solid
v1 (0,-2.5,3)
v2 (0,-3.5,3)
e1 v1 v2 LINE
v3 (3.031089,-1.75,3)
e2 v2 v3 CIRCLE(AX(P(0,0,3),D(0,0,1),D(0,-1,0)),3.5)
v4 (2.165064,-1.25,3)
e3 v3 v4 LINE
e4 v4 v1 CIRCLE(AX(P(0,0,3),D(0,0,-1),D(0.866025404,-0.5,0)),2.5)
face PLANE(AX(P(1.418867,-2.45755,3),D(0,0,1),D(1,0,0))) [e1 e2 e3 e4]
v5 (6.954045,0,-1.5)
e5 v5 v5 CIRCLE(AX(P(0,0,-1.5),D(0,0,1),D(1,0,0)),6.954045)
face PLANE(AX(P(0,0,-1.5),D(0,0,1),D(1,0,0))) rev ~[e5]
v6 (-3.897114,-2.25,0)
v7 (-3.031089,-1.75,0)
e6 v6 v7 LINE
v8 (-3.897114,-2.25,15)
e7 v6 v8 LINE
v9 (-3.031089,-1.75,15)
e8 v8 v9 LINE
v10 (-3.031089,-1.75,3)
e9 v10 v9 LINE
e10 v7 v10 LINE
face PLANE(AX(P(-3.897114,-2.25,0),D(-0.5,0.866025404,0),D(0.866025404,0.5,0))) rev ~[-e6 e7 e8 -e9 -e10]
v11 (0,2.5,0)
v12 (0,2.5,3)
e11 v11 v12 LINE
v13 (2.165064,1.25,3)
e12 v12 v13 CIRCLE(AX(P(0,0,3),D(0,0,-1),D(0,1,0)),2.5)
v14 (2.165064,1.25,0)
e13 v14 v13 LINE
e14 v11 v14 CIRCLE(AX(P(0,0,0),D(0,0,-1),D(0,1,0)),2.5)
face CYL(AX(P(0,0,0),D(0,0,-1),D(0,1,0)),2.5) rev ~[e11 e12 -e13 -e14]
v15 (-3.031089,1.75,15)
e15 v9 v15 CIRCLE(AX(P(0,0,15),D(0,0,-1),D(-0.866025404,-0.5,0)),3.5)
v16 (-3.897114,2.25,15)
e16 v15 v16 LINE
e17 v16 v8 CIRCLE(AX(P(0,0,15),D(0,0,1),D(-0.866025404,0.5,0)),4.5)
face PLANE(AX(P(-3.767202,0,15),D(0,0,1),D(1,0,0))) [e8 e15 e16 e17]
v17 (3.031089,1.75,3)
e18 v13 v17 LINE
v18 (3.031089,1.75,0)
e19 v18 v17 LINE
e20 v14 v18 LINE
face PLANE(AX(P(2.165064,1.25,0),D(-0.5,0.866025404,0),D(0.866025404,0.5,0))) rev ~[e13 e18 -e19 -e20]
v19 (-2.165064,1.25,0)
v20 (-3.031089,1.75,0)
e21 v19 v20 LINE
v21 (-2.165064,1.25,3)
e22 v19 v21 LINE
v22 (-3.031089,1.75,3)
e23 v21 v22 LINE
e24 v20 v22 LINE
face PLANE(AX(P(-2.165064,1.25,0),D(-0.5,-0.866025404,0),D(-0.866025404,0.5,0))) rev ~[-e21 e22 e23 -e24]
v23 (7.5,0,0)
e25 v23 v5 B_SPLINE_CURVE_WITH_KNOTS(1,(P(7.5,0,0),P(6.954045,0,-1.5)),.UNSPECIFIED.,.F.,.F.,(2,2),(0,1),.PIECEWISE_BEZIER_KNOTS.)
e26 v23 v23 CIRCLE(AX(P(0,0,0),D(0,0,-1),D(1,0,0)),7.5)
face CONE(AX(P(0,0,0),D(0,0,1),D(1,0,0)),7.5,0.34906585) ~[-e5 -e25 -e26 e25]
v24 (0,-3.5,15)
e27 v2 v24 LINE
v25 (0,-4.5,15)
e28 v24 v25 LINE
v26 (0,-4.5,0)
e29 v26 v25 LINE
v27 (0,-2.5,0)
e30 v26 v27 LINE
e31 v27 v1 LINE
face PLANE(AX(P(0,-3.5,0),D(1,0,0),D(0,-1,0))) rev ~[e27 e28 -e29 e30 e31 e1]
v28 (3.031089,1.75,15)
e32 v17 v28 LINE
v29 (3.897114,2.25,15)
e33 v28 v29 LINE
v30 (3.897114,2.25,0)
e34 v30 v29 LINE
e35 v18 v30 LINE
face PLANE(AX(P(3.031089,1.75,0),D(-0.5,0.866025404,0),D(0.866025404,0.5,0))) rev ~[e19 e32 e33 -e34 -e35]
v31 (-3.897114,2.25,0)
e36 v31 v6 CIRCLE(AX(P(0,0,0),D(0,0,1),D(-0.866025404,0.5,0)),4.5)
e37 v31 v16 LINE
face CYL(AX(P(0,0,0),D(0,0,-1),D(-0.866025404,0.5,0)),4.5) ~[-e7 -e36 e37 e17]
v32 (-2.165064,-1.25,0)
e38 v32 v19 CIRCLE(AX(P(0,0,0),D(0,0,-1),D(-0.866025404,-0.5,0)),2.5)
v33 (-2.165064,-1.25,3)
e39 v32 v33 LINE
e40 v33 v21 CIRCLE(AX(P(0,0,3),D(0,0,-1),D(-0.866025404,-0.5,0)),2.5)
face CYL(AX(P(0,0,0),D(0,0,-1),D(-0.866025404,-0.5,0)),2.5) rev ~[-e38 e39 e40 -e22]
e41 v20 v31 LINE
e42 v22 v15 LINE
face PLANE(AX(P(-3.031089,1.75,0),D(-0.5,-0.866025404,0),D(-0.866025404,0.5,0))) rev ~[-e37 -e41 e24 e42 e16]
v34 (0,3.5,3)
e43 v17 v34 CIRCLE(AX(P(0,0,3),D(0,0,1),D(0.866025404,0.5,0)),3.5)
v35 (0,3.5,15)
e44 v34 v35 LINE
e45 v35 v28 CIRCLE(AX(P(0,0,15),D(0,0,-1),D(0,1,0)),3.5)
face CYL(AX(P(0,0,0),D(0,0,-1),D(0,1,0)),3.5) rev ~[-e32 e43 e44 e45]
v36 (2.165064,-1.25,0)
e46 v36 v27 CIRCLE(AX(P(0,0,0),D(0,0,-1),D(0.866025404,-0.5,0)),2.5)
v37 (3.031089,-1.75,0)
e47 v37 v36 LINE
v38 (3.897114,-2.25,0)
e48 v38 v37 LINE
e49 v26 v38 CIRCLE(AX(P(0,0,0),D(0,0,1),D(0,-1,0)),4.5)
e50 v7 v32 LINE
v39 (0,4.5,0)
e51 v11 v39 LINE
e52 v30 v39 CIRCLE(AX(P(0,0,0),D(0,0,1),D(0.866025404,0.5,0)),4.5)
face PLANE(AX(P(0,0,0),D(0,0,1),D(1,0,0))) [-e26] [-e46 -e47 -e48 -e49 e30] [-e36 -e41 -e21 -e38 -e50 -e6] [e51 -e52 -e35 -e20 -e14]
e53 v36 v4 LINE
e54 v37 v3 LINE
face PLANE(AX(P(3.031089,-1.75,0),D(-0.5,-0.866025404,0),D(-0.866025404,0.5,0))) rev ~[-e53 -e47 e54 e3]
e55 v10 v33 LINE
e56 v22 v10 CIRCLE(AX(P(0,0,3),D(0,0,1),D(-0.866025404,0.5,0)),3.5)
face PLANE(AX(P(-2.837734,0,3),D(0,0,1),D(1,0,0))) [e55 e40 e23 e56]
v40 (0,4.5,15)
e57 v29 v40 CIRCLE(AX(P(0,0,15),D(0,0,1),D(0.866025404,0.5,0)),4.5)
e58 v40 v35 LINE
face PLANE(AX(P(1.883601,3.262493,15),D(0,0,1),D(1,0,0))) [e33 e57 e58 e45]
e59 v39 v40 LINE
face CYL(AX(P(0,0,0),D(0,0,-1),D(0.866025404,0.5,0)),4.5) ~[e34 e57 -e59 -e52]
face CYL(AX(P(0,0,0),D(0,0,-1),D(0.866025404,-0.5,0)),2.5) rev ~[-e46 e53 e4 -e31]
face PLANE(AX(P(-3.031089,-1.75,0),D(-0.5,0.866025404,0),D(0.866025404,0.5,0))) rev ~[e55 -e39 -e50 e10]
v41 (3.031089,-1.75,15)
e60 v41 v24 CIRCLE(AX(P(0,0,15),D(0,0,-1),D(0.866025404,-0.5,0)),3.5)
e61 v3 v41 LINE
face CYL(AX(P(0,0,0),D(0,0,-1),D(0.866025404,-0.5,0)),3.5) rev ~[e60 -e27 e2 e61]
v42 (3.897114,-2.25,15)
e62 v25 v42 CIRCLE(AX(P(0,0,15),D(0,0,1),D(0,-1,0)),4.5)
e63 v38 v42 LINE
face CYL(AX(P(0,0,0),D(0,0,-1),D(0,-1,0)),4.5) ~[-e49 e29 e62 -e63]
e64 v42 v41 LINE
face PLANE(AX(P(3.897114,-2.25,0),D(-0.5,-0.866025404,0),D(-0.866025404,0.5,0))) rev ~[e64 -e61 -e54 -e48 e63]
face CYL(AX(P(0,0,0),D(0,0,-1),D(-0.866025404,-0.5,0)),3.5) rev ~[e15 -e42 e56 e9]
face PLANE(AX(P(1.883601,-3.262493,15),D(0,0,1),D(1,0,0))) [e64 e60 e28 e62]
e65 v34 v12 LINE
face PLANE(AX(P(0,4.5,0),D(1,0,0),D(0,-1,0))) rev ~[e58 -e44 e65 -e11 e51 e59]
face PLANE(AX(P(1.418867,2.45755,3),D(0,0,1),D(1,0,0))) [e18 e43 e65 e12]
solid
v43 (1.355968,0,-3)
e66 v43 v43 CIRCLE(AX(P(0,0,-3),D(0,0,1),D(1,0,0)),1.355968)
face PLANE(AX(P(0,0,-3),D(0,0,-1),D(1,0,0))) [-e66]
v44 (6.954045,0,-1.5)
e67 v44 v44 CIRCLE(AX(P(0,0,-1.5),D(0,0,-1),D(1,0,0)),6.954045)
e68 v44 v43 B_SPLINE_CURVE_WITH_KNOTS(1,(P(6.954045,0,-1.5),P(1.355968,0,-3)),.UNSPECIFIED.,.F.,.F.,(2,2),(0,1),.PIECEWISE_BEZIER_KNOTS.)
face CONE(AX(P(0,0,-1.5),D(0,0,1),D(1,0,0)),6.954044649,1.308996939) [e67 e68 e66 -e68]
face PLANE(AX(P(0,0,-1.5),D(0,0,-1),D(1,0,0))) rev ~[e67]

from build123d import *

# Parameters (mm, degrees)
F0_R      = 7.5
F1_DEPTH  = 1.5
F1_TAPER  = 20
F2_DEPTH  = 3
F3_DEPTH  = 15
F1_FACE_R = 6.9540446486
F4_DEPTH  = 1.5
F4_TAPER  = 75


with BuildPart() as f1:
    # F0 (on Top) → F1 (new body)
    with BuildSketch(Plane.XY):
        Circle(F0_R)
        with BuildLine():
            ThreePointArc((0, 4.5), (2.25, 3.897114317), (3.897114317, 2.25))
            ThreePointArc((3.897114317, 2.25), (4.3466662183, 1.164685703), (4.5, 0))
            ThreePointArc((4.5, 0), (4.3466662183, -1.164685703), (3.897114317, -2.25))
            ThreePointArc((3.897114317, -2.25), (2.25, -3.897114317), (0, -4.5))
            ThreePointArc((0, -4.5), (-2.25, -3.897114317), (-3.897114317, -2.25))
            ThreePointArc((-3.897114317, -2.25), (-4.5, 0), (-3.897114317, 2.25))
            ThreePointArc((-3.897114317, 2.25), (-2.25, 3.897114317), (0, 4.5))
        make_face(mode=Mode.SUBTRACT)
        with BuildLine():
            Line((3.897114317, -2.25), (3.0310889132, -1.75))
            ThreePointArc((3.0310889132, -1.75), (1.75, -3.0310889132), (0, -3.5))
            Line((0, -3.5), (0, -4.5))
            ThreePointArc((0, -4.5), (2.25, -3.897114317), (3.897114317, -2.25))
        make_face()
        with BuildLine():
            ThreePointArc((0, -3.5), (1.75, -3.0310889132), (3.0310889132, -1.75))
            Line((3.0310889132, -1.75), (2.1650635095, -1.25))
            ThreePointArc((2.1650635095, -1.25), (1.25, -2.1650635095), (0, -2.5))
            Line((0, -2.5), (0, -3.5))
        make_face()
        with BuildLine():
            ThreePointArc((-3.0310889132, -1.75), (-1.75, -3.0310889132), (0, -3.5))
            Line((0, -3.5), (0, -2.5))
            ThreePointArc((0, -2.5), (-1.25, -2.1650635095), (-2.1650635095, -1.25))
            Line((-2.1650635095, -1.25), (-3.0310889132, -1.75))
        make_face()
        with BuildLine():
            Line((0, -4.5), (0, -3.5))
            ThreePointArc((0, -3.5), (-1.75, -3.0310889132), (-3.0310889132, -1.75))
            Line((-3.0310889132, -1.75), (-3.897114317, -2.25))
            ThreePointArc((-3.897114317, -2.25), (-2.25, -3.897114317), (0, -4.5))
        make_face()
        with BuildLine():
            ThreePointArc((-3.0310889132, -1.75), (-3.5, 0), (-3.0310889132, 1.75))
            Line((-3.0310889132, 1.75), (-3.897114317, 2.25))
            ThreePointArc((-3.897114317, 2.25), (-4.5, 0), (-3.897114317, -2.25))
            Line((-3.897114317, -2.25), (-3.0310889132, -1.75))
        make_face()
        with BuildLine():
            Line((-2.1650635095, 1.25), (-3.0310889132, 1.75))
            ThreePointArc((-3.0310889132, 1.75), (-3.5, 0), (-3.0310889132, -1.75))
            Line((-3.0310889132, -1.75), (-2.1650635095, -1.25))
            ThreePointArc((-2.1650635095, -1.25), (-2.5, 0), (-2.1650635095, 1.25))
        make_face()
        with BuildLine():
            ThreePointArc((-3.0310889132, 1.75), (-1.75, 3.0310889132), (0, 3.5))
            Line((0, 3.5), (0, 4.5))
            ThreePointArc((0, 4.5), (-2.25, 3.897114317), (-3.897114317, 2.25))
            Line((-3.897114317, 2.25), (-3.0310889132, 1.75))
        make_face()
        with BuildLine():
            Line((0, 2.5), (0, 3.5))
            ThreePointArc((0, 3.5), (-1.75, 3.0310889132), (-3.0310889132, 1.75))
            Line((-3.0310889132, 1.75), (-2.1650635095, 1.25))
            ThreePointArc((-2.1650635095, 1.25), (-1.25, 2.1650635095), (0, 2.5))
        make_face()
        with BuildLine():
            ThreePointArc((0, 3.5), (1.75, 3.0310889132), (3.0310889132, 1.75))
            Line((3.0310889132, 1.75), (3.897114317, 2.25))
            ThreePointArc((3.897114317, 2.25), (2.25, 3.897114317), (0, 4.5))
            Line((0, 4.5), (0, 3.5))
        make_face()
        with BuildLine():
            Line((2.1650635095, 1.25), (3.0310889132, 1.75))
            ThreePointArc((3.0310889132, 1.75), (1.75, 3.0310889132), (0, 3.5))
            Line((0, 3.5), (0, 2.5))
            ThreePointArc((0, 2.5), (1.25, 2.1650635095), (2.1650635095, 1.25))
        make_face()
        with BuildLine():
            ThreePointArc((3.0310889132, 1.75), (3.380740392, 0.9058666579), (3.5, 0))
            ThreePointArc((3.5, 0), (3.380740392, -0.9058666579), (3.0310889132, -1.75))
            Line((3.0310889132, -1.75), (3.897114317, -2.25))
            ThreePointArc((3.897114317, -2.25), (4.3466662183, -1.164685703), (4.5, 0))
            ThreePointArc((4.5, 0), (4.3466662183, 1.164685703), (3.897114317, 2.25))
            Line((3.897114317, 2.25), (3.0310889132, 1.75))
        make_face()
        with BuildLine():
            ThreePointArc((3.0310889132, -1.75), (3.380740392, -0.9058666579), (3.5, 0))
            ThreePointArc((3.5, 0), (3.380740392, 0.9058666579), (3.0310889132, 1.75))
            Line((3.0310889132, 1.75), (2.1650635095, 1.25))
            ThreePointArc((2.1650635095, 1.25), (2.4148145657, 0.6470476128), (2.5, 0))
            ThreePointArc((2.5, 0), (2.4148145657, -0.6470476128), (2.1650635095, -1.25))
            Line((2.1650635095, -1.25), (3.0310889132, -1.75))
        make_face()
        with BuildLine():
            ThreePointArc((2.5, 0), (2.4148145657, 0.6470476128), (2.1650635095, 1.25))
            ThreePointArc((2.1650635095, 1.25), (1.25, 2.1650635095), (0, 2.5))
            ThreePointArc((0, 2.5), (-1.25, 2.1650635095), (-2.1650635095, 1.25))
            ThreePointArc((-2.1650635095, 1.25), (-2.5, 0), (-2.1650635095, -1.25))
            ThreePointArc((-2.1650635095, -1.25), (-1.25, -2.1650635095), (0, -2.5))
            ThreePointArc((0, -2.5), (1.25, -2.1650635095), (2.1650635095, -1.25))
            ThreePointArc((2.1650635095, -1.25), (2.4148145657, -0.6470476128), (2.5, 0))
        make_face()
    extrude(amount=-F1_DEPTH, taper=F1_TAPER)

    # F0 (on Top) → F2 (join)
    with BuildSketch(Plane.XY):
        with BuildLine():
            Line((2.1650635095, 1.25), (3.0310889132, 1.75))
            ThreePointArc((3.0310889132, 1.75), (1.75, 3.0310889132), (0, 3.5))
            Line((0, 3.5), (0, 2.5))
            ThreePointArc((0, 2.5), (1.25, 2.1650635095), (2.1650635095, 1.25))
        make_face()
        with BuildLine():
            ThreePointArc((0, -3.5), (1.75, -3.0310889132), (3.0310889132, -1.75))
            Line((3.0310889132, -1.75), (2.1650635095, -1.25))
            ThreePointArc((2.1650635095, -1.25), (1.25, -2.1650635095), (0, -2.5))
            Line((0, -2.5), (0, -3.5))
        make_face()
        with BuildLine():
            Line((-2.1650635095, 1.25), (-3.0310889132, 1.75))
            ThreePointArc((-3.0310889132, 1.75), (-3.5, 0), (-3.0310889132, -1.75))
            Line((-3.0310889132, -1.75), (-2.1650635095, -1.25))
            ThreePointArc((-2.1650635095, -1.25), (-2.5, 0), (-2.1650635095, 1.25))
        make_face()
    extrude(amount=F2_DEPTH)

    # F0 (on Top) → F3 (join)
    with BuildSketch(Plane.XY):
        with BuildLine():
            ThreePointArc((-3.0310889132, -1.75), (-3.5, 0), (-3.0310889132, 1.75))
            Line((-3.0310889132, 1.75), (-3.897114317, 2.25))
            ThreePointArc((-3.897114317, 2.25), (-4.5, 0), (-3.897114317, -2.25))
            Line((-3.897114317, -2.25), (-3.0310889132, -1.75))
        make_face()
        with BuildLine():
            Line((3.897114317, -2.25), (3.0310889132, -1.75))
            ThreePointArc((3.0310889132, -1.75), (1.75, -3.0310889132), (0, -3.5))
            Line((0, -3.5), (0, -4.5))
            ThreePointArc((0, -4.5), (2.25, -3.897114317), (3.897114317, -2.25))
        make_face()
        with BuildLine():
            ThreePointArc((0, 3.5), (1.75, 3.0310889132), (3.0310889132, 1.75))
            Line((3.0310889132, 1.75), (3.897114317, 2.25))
            ThreePointArc((3.897114317, 2.25), (2.25, 3.897114317), (0, 4.5))
            Line((0, 4.5), (0, 3.5))
        make_face()
    extrude(amount=F3_DEPTH)


with BuildPart() as f4:
    # F1_face (on face) → F4 (new body)
    with BuildSketch(Plane(origin=(0, 0, -1.5), x_dir=(1, 0, 0), z_dir=(0, 0, -1))):
        Circle(F1_FACE_R)
    extrude(amount=F4_DEPTH, taper=F4_TAPER)


solid = Compound([f1.part, f4.part])
